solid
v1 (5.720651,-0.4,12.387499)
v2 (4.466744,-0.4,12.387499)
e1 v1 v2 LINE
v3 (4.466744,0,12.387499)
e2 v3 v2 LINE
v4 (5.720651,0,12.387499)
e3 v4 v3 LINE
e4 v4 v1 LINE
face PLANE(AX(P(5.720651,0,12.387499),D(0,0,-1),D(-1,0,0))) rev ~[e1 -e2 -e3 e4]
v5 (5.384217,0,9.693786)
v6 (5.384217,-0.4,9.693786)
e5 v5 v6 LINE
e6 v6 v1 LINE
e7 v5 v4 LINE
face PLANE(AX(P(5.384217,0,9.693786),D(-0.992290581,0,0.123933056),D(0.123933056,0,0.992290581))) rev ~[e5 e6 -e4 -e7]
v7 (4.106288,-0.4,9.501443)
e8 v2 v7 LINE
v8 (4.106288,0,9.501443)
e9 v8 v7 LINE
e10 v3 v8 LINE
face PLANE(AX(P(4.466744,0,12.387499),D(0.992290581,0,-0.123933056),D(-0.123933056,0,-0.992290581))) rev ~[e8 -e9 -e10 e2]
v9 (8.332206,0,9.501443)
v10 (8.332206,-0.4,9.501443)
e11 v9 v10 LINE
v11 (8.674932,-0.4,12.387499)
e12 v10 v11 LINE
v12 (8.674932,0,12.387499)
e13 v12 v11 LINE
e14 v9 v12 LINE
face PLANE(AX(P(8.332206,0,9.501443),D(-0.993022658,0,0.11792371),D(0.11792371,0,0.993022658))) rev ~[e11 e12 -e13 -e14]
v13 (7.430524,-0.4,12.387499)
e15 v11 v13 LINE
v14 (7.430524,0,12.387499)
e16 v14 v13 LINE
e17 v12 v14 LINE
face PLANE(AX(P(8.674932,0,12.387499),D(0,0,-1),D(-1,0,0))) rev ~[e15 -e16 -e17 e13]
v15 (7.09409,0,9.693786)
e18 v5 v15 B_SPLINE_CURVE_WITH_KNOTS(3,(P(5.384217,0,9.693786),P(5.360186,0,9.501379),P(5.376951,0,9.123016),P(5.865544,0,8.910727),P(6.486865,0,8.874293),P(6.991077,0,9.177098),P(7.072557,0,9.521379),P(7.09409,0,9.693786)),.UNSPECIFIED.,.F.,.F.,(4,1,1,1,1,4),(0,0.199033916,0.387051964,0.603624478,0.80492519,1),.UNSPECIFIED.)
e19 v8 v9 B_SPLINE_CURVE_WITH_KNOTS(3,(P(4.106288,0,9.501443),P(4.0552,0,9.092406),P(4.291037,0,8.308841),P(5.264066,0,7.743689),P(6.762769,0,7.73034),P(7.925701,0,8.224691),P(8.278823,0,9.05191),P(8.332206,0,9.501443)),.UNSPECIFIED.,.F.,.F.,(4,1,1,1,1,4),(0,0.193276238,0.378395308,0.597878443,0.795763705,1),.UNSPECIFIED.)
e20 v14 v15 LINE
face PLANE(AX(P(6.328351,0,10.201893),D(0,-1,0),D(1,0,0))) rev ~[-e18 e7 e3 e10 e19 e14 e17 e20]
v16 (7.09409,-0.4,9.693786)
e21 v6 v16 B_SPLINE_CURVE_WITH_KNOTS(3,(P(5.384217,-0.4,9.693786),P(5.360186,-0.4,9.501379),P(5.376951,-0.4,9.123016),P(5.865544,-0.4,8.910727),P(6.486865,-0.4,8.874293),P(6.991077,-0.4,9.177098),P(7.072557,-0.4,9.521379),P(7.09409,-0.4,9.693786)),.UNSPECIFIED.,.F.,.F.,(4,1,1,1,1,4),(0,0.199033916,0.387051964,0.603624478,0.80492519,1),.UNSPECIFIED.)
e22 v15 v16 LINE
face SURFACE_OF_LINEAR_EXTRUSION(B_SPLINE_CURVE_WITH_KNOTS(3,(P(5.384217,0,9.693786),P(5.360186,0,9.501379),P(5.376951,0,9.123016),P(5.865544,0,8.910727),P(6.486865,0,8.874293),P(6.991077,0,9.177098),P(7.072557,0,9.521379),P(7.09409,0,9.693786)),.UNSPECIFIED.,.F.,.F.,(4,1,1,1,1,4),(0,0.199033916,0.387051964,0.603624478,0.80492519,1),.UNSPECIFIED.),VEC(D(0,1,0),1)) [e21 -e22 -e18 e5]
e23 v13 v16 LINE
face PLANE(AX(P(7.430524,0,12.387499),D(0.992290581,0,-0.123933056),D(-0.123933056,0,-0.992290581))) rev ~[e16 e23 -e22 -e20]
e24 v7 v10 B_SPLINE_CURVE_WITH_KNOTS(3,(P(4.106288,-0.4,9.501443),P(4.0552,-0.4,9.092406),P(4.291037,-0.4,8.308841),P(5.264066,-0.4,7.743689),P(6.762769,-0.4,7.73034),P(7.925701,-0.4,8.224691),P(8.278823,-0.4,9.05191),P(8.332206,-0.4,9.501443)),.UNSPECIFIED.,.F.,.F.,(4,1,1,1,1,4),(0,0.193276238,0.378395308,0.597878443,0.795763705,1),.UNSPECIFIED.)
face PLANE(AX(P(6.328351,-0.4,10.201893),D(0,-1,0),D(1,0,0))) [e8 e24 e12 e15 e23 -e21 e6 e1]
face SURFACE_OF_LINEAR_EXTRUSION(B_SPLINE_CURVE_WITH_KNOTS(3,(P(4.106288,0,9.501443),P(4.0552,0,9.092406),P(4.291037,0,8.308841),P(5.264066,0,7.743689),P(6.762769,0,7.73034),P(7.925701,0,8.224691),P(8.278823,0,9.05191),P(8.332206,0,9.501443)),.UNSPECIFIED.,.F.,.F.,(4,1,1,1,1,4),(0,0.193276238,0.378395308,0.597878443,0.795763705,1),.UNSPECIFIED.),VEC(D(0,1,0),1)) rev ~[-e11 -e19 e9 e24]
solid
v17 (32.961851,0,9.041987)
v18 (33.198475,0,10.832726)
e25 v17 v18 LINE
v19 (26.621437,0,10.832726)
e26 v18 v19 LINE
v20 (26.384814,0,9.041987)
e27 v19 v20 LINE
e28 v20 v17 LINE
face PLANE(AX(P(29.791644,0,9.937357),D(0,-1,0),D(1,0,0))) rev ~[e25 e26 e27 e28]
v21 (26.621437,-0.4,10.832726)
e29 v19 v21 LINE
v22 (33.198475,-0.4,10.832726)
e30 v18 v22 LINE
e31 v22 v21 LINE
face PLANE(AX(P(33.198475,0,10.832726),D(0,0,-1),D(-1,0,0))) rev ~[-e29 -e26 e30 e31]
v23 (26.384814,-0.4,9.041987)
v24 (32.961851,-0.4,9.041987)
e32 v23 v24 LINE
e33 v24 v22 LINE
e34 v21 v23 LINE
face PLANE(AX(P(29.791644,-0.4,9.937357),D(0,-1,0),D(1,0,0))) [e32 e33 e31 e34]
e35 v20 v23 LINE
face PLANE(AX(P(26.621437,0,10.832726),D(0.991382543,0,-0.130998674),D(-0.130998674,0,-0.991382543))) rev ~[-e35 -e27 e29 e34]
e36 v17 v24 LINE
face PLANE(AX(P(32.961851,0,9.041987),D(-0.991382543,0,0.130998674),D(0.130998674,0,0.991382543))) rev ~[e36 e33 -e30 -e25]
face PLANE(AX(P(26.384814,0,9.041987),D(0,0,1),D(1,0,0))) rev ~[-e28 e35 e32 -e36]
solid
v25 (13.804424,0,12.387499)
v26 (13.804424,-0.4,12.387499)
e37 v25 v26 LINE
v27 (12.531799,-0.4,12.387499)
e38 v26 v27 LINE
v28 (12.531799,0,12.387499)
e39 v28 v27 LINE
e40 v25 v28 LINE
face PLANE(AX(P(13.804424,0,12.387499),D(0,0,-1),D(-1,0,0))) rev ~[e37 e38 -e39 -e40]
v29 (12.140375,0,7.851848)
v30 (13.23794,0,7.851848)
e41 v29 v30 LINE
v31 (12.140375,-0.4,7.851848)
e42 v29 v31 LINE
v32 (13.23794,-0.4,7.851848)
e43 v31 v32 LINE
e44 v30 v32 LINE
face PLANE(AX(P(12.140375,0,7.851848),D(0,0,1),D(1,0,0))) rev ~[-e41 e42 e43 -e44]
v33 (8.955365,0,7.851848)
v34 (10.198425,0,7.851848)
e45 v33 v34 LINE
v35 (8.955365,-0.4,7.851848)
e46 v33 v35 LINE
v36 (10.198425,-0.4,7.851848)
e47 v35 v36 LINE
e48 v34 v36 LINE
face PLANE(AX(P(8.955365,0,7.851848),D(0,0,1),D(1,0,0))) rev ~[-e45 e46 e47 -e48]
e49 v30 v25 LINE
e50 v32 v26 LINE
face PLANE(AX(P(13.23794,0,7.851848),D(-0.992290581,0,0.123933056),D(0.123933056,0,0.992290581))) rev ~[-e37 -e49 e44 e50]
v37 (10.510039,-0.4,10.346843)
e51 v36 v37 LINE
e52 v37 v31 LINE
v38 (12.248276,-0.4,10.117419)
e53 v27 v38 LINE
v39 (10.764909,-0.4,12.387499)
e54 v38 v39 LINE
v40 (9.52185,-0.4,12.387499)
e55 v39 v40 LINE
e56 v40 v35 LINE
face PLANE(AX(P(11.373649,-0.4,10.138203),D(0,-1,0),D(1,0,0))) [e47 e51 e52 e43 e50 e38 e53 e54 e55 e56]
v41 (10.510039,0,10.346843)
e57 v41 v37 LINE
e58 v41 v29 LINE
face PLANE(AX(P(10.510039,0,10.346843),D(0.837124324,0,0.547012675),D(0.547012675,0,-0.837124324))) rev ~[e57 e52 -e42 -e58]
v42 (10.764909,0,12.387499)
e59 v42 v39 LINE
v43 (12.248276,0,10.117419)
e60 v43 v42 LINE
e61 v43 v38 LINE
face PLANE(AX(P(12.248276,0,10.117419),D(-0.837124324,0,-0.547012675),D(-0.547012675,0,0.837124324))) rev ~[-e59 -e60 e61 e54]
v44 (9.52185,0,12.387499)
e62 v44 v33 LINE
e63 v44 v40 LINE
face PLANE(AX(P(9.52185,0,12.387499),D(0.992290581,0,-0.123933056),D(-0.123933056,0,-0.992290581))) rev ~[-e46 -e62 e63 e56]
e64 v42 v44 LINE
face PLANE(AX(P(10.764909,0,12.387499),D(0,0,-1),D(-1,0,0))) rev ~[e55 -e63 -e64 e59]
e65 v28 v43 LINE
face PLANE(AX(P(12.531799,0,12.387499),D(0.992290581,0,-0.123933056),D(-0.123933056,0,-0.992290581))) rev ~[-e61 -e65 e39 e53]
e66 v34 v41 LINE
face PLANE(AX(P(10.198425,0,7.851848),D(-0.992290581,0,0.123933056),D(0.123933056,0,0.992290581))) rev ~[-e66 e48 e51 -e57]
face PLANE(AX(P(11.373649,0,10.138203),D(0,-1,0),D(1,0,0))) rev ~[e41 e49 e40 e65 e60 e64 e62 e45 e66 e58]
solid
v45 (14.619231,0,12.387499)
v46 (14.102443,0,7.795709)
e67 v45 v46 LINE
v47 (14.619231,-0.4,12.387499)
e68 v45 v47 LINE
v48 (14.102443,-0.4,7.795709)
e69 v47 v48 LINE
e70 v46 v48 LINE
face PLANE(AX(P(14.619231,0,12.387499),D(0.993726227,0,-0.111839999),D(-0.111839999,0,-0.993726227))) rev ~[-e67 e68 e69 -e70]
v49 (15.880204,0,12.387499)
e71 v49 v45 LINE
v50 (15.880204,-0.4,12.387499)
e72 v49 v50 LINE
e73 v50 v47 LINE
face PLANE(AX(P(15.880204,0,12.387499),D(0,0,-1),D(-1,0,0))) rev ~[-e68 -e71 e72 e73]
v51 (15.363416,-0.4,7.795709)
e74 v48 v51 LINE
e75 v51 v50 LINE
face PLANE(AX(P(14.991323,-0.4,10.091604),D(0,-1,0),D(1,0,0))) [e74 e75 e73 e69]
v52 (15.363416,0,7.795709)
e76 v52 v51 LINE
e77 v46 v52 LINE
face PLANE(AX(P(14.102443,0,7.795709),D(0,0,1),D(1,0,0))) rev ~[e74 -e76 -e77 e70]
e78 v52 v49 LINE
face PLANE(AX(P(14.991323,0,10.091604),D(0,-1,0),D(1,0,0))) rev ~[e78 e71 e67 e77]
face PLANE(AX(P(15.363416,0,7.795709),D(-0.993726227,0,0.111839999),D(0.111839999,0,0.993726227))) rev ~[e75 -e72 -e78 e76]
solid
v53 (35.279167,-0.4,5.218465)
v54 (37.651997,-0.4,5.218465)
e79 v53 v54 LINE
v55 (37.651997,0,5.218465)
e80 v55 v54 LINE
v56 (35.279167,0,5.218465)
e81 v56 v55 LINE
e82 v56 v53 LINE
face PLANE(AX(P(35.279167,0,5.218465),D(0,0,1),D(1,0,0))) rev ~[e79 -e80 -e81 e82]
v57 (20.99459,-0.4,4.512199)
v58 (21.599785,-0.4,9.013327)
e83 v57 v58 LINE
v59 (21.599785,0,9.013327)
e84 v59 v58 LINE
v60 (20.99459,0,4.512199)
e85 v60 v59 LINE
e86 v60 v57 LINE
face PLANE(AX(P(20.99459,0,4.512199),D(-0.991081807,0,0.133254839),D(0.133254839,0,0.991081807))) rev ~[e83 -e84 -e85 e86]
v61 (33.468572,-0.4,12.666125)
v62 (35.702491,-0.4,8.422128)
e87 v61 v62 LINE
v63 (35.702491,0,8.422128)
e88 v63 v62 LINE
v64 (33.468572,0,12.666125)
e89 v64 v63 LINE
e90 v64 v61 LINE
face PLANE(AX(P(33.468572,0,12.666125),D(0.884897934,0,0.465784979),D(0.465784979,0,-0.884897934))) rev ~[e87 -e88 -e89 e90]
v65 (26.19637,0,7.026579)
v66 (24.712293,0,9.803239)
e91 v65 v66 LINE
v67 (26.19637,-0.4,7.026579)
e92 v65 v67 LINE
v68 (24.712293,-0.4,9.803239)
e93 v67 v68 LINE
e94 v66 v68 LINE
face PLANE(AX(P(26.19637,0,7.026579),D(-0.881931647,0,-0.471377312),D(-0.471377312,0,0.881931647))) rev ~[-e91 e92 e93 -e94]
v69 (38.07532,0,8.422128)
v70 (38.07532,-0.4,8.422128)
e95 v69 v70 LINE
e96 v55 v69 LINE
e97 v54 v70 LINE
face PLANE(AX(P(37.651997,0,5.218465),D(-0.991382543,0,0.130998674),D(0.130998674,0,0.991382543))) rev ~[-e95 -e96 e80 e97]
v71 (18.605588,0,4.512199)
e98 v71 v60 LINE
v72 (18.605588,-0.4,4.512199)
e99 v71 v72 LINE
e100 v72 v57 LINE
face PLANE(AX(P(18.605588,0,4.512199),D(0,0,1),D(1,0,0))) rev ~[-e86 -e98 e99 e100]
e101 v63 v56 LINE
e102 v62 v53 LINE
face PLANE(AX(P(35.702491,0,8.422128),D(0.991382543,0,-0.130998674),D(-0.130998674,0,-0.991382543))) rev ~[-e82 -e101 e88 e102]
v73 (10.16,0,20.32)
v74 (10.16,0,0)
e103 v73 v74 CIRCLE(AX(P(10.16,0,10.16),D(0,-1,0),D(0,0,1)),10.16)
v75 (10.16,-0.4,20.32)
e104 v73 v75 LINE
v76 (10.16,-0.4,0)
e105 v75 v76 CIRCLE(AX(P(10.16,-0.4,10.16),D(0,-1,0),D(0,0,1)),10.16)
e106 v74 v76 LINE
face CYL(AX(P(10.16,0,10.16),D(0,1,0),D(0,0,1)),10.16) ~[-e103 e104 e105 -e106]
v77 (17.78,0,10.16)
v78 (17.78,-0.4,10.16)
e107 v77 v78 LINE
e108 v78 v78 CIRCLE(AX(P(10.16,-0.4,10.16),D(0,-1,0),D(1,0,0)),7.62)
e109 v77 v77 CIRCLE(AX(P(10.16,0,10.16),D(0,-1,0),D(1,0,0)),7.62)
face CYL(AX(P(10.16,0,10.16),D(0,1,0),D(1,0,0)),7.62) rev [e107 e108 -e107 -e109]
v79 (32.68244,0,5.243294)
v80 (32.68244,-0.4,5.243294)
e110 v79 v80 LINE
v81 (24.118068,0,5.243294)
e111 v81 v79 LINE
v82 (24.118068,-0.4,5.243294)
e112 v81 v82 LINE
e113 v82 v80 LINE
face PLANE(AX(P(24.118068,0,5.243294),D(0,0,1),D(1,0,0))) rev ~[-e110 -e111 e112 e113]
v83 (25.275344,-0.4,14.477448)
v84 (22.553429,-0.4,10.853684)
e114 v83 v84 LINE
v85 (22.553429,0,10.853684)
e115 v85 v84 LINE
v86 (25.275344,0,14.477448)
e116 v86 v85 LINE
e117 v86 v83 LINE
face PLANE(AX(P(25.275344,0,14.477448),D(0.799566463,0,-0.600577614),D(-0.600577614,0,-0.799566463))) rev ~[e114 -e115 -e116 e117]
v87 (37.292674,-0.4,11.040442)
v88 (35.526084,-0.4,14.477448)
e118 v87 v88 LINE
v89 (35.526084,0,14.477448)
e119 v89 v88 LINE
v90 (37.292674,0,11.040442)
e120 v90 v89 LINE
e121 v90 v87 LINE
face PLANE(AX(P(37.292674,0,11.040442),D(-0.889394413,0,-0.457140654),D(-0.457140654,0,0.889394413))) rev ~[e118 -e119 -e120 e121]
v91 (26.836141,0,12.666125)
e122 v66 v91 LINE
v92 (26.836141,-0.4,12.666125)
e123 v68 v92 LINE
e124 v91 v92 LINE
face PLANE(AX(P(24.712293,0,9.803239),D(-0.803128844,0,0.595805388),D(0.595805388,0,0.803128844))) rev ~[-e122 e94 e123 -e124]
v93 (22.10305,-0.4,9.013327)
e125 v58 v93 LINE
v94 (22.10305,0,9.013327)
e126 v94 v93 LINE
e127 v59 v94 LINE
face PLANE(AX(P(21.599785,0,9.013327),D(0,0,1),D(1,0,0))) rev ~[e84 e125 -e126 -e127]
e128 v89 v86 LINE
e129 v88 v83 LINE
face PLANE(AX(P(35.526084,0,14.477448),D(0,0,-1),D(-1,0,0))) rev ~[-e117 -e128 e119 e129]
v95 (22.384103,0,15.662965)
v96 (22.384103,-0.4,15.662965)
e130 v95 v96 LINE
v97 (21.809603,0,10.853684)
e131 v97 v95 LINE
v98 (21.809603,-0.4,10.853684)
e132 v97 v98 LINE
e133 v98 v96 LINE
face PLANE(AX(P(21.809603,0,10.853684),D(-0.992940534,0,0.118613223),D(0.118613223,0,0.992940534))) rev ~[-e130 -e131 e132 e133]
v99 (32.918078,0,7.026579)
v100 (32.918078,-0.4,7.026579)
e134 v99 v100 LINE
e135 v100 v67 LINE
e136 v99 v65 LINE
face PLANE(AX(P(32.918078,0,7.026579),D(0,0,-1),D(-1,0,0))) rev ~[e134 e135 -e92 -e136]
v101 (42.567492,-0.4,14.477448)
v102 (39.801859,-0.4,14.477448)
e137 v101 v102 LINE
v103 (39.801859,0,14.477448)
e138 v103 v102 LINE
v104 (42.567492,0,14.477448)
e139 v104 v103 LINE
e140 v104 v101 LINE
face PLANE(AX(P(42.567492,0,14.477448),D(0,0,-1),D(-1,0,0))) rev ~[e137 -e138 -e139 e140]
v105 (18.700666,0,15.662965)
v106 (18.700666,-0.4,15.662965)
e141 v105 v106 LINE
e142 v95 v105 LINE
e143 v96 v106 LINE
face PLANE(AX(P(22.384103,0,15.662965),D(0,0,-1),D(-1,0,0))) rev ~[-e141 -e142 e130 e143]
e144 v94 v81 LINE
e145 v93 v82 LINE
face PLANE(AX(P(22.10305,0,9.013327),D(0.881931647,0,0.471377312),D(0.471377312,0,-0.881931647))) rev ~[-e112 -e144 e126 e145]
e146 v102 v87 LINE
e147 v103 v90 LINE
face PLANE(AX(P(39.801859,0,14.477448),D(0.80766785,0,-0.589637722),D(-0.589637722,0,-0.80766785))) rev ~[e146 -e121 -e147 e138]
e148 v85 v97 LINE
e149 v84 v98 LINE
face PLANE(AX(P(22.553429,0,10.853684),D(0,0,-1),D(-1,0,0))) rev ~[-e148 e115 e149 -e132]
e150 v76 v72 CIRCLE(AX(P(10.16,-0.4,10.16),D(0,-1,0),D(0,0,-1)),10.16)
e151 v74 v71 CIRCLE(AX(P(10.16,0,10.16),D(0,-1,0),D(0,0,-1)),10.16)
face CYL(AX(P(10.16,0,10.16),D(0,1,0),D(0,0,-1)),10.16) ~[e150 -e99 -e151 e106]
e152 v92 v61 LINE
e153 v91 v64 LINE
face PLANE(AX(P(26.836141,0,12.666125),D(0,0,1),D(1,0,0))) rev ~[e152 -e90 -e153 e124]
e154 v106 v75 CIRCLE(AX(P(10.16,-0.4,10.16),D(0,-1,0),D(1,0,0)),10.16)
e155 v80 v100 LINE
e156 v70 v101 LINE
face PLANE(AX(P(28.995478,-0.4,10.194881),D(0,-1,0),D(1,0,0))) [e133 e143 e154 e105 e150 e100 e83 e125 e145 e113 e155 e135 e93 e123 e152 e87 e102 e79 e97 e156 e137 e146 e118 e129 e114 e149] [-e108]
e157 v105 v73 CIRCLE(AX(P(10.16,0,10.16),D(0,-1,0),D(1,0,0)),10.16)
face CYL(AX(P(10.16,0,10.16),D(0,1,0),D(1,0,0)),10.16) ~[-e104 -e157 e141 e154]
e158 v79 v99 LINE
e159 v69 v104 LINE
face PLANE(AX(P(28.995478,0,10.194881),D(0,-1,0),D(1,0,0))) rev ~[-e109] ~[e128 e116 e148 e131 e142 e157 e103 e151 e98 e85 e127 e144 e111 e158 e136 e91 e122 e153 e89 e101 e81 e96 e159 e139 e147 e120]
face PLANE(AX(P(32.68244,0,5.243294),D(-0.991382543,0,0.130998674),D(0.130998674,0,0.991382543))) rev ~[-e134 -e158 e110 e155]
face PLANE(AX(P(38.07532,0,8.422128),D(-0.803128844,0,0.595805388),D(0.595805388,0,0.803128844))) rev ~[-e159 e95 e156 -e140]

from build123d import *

# Parameters (mm, degrees)
F2_DEPTH = 1
F1_R     = 19.05
F3_SCALE = 0.4


with BuildPart() as f2:
    # F1 (on Front) → F2 (new body)
    with BuildSketch(Plane.XZ):
        Polygon((82.9961871263, 27.0818155259), (66.5535926819, 27.0818155259), (65.9620339516, 22.6049686938), (82.404628396, 22.6049686938), align=None)
    extrude(amount=F2_DEPTH)


with BuildPart() as f2b:
    # F1 (on Front) → F2, piece 2 (new body)
    with BuildSketch(Plane.XZ):
        with BuildLine():
            ThreePointArc((46.7516648161, 39.1574128956), (49.7669067213, 32.5703456566), (50.8, 25.4))
            ThreePointArc((50.8, 25.4), (49.7048843477, 18.0221549998), (46.5139687522, 11.2804984674))
            Line((46.5139687522, 11.2804984674), (52.4864755571, 11.2804984674))
            Line((52.4864755571, 11.2804984674), (53.9994613201, 22.5333180279))
            Line((53.9994613201, 22.5333180279), (55.2576243713, 22.5333180279))
            Line((55.2576243713, 22.5333180279), (60.2951698917, 13.1082339212))
            Line((60.2951698917, 13.1082339212), (81.7060988754, 13.1082339212))
            Line((81.7060988754, 13.1082339212), (82.295195533, 17.5664480776))
            Line((82.295195533, 17.5664480776), (65.4909238219, 17.5664480776))
            Line((65.4909238219, 17.5664480776), (61.780732125, 24.5080962777))
            Line((61.780732125, 24.5080962777), (67.0903518244, 31.6653137458))
            Line((67.0903518244, 31.6653137458), (83.6714297758, 31.6653137458))
            Line((83.6714297758, 31.6653137458), (89.2562275008, 21.0553194691))
            Line((89.2562275008, 21.0553194691), (88.1979187112, 13.0461631343))
            Line((88.1979187112, 13.0461631343), (94.1299913311, 13.0461631343))
            Line((94.1299913311, 13.0461631343), (95.1883001206, 21.0553194691))
            Line((95.1883001206, 21.0553194691), (106.4187288825, 36.1936204135))
            Line((106.4187288825, 36.1936204135), (99.5046484973, 36.1936204135))
            Line((99.5046484973, 36.1936204135), (93.2316854596, 27.6011060923))
            Line((93.2316854596, 27.6011060923), (88.8152111079, 36.1936204135))
            Line((88.8152111079, 36.1936204135), (63.1883591413, 36.1936204135))
            Line((63.1883591413, 36.1936204135), (56.3835725188, 27.1342098713))
            Line((56.3835725188, 27.1342098713), (54.5240081847, 27.1342098713))
            Line((54.5240081847, 27.1342098713), (55.960258209, 39.1574128956))
            Line((55.960258209, 39.1574128956), (46.7516648161, 39.1574128956))
        make_face()
        with BuildLine():
            ThreePointArc((46.5139687522, 11.2804984674), (49.7048843477, 18.0221549998), (50.8, 25.4))
            ThreePointArc((50.8, 25.4), (49.7669067213, 32.5703456566), (46.7516648161, 39.1574128956))
            ThreePointArc((46.7516648161, 39.1574128956), (37.5598049419, 47.7002050164), (25.4, 50.8))
            ThreePointArc((25.4, 50.8), (0, 25.4), (25.4, 0))
            ThreePointArc((25.4, 0), (37.369224308, 2.9969272316), (46.5139687522, 11.2804984674))
        make_face()
        with Locations((25.4, 25.4)):
            Circle(F1_R, mode=Mode.SUBTRACT)
    extrude(amount=F2_DEPTH)


with BuildPart() as f2c:
    # F1 (on Front) → F2, piece 3 (new body)
    with BuildSketch(Plane.XZ):
        Polygon((23.8046244951, 30.968748033), (22.3884135485, 19.6296200156), (25.4960613407, 19.6296200156), (26.2750982098, 25.867108018), (30.3509384394, 19.6296200156), (33.0948494375, 19.6296200156), (34.5110603841, 30.968748033), (31.3294984272, 30.968748033), (30.6206891305, 25.2935487457), (26.9122722874, 30.968748033), align=None)
    extrude(amount=F2_DEPTH)


with BuildPart() as f2d:
    # F1 (on Front) → F2, piece 4 (new body)
    with BuildSketch(Plane.XZ):
        with BuildLine():
            Line((20.8305145293, 23.7536086845), (21.6873288155, 30.968748033))
            Line((21.6873288155, 30.968748033), (18.5763090849, 30.968748033))
            Line((18.5763090849, 30.968748033), (17.7352244653, 24.2344644173))
            add(Edge.make_bspline(
                [(13.4605423235, 24.2344644173), (13.4004651698, 23.7534467142), (13.442377269, 22.8075392295), (14.6638588286, 22.2768183453), (16.217162271, 22.1857318889), (17.4776914113, 22.9427442388), (17.6813921624, 23.803447148), (17.7352244653, 24.2344644173)],
                knots=[0, 0, 0, 0, 0.1990339161, 0.3870519636, 0.6036244782, 0.8049251901, 1, 1, 1, 1], degree=3))
            Line((13.4605423235, 24.2344644173), (14.3016269431, 30.968748033))
            Line((14.3016269431, 30.968748033), (11.1668603495, 30.968748033))
            Line((11.1668603495, 30.968748033), (10.2657188057, 23.7536086845))
            add(Edge.make_bspline(
                [(10.2657188057, 23.7536086845), (10.1380010349, 22.7310151535), (10.727591852, 20.7721022488), (13.1601639773, 19.3592225237), (16.9069217065, 19.3258496174), (19.8142521895, 20.5617271867), (20.6970567317, 22.6297751743), (20.8305145293, 23.7536086845)],
                knots=[0, 0, 0, 0, 0.1932762379, 0.3783953082, 0.597878443, 0.7957637049, 1, 1, 1, 1], degree=3))
        make_face()
    extrude(amount=F2_DEPTH)


with BuildPart() as f2e:
    # F1 (on Front) → F2, piece 5 (new body)
    with BuildSketch(Plane.XZ):
        Polygon((39.7005101856, 30.968748033), (36.5480764028, 30.968748033), (35.2561064065, 19.489273097), (38.4085401893, 19.489273097), align=None)
    extrude(amount=F2_DEPTH)


with BuildPart() as f2d_1:
    # F3: moved
    add(f2d.part.scale(F3_SCALE))


with BuildPart() as f2e_1:
    # F3: moved
    add(f2e.part.scale(F3_SCALE))


with BuildPart() as f2c_1:
    # F3: moved
    add(f2c.part.scale(F3_SCALE))


with BuildPart() as f2_1:
    # F3: moved
    add(f2.part.scale(F3_SCALE))


with BuildPart() as f2b_1:
    # F3: moved
    add(f2b.part.scale(F3_SCALE))


solid = Compound([f2d_1.part, f2e_1.part, f2c_1.part, f2_1.part, f2b_1.part])
